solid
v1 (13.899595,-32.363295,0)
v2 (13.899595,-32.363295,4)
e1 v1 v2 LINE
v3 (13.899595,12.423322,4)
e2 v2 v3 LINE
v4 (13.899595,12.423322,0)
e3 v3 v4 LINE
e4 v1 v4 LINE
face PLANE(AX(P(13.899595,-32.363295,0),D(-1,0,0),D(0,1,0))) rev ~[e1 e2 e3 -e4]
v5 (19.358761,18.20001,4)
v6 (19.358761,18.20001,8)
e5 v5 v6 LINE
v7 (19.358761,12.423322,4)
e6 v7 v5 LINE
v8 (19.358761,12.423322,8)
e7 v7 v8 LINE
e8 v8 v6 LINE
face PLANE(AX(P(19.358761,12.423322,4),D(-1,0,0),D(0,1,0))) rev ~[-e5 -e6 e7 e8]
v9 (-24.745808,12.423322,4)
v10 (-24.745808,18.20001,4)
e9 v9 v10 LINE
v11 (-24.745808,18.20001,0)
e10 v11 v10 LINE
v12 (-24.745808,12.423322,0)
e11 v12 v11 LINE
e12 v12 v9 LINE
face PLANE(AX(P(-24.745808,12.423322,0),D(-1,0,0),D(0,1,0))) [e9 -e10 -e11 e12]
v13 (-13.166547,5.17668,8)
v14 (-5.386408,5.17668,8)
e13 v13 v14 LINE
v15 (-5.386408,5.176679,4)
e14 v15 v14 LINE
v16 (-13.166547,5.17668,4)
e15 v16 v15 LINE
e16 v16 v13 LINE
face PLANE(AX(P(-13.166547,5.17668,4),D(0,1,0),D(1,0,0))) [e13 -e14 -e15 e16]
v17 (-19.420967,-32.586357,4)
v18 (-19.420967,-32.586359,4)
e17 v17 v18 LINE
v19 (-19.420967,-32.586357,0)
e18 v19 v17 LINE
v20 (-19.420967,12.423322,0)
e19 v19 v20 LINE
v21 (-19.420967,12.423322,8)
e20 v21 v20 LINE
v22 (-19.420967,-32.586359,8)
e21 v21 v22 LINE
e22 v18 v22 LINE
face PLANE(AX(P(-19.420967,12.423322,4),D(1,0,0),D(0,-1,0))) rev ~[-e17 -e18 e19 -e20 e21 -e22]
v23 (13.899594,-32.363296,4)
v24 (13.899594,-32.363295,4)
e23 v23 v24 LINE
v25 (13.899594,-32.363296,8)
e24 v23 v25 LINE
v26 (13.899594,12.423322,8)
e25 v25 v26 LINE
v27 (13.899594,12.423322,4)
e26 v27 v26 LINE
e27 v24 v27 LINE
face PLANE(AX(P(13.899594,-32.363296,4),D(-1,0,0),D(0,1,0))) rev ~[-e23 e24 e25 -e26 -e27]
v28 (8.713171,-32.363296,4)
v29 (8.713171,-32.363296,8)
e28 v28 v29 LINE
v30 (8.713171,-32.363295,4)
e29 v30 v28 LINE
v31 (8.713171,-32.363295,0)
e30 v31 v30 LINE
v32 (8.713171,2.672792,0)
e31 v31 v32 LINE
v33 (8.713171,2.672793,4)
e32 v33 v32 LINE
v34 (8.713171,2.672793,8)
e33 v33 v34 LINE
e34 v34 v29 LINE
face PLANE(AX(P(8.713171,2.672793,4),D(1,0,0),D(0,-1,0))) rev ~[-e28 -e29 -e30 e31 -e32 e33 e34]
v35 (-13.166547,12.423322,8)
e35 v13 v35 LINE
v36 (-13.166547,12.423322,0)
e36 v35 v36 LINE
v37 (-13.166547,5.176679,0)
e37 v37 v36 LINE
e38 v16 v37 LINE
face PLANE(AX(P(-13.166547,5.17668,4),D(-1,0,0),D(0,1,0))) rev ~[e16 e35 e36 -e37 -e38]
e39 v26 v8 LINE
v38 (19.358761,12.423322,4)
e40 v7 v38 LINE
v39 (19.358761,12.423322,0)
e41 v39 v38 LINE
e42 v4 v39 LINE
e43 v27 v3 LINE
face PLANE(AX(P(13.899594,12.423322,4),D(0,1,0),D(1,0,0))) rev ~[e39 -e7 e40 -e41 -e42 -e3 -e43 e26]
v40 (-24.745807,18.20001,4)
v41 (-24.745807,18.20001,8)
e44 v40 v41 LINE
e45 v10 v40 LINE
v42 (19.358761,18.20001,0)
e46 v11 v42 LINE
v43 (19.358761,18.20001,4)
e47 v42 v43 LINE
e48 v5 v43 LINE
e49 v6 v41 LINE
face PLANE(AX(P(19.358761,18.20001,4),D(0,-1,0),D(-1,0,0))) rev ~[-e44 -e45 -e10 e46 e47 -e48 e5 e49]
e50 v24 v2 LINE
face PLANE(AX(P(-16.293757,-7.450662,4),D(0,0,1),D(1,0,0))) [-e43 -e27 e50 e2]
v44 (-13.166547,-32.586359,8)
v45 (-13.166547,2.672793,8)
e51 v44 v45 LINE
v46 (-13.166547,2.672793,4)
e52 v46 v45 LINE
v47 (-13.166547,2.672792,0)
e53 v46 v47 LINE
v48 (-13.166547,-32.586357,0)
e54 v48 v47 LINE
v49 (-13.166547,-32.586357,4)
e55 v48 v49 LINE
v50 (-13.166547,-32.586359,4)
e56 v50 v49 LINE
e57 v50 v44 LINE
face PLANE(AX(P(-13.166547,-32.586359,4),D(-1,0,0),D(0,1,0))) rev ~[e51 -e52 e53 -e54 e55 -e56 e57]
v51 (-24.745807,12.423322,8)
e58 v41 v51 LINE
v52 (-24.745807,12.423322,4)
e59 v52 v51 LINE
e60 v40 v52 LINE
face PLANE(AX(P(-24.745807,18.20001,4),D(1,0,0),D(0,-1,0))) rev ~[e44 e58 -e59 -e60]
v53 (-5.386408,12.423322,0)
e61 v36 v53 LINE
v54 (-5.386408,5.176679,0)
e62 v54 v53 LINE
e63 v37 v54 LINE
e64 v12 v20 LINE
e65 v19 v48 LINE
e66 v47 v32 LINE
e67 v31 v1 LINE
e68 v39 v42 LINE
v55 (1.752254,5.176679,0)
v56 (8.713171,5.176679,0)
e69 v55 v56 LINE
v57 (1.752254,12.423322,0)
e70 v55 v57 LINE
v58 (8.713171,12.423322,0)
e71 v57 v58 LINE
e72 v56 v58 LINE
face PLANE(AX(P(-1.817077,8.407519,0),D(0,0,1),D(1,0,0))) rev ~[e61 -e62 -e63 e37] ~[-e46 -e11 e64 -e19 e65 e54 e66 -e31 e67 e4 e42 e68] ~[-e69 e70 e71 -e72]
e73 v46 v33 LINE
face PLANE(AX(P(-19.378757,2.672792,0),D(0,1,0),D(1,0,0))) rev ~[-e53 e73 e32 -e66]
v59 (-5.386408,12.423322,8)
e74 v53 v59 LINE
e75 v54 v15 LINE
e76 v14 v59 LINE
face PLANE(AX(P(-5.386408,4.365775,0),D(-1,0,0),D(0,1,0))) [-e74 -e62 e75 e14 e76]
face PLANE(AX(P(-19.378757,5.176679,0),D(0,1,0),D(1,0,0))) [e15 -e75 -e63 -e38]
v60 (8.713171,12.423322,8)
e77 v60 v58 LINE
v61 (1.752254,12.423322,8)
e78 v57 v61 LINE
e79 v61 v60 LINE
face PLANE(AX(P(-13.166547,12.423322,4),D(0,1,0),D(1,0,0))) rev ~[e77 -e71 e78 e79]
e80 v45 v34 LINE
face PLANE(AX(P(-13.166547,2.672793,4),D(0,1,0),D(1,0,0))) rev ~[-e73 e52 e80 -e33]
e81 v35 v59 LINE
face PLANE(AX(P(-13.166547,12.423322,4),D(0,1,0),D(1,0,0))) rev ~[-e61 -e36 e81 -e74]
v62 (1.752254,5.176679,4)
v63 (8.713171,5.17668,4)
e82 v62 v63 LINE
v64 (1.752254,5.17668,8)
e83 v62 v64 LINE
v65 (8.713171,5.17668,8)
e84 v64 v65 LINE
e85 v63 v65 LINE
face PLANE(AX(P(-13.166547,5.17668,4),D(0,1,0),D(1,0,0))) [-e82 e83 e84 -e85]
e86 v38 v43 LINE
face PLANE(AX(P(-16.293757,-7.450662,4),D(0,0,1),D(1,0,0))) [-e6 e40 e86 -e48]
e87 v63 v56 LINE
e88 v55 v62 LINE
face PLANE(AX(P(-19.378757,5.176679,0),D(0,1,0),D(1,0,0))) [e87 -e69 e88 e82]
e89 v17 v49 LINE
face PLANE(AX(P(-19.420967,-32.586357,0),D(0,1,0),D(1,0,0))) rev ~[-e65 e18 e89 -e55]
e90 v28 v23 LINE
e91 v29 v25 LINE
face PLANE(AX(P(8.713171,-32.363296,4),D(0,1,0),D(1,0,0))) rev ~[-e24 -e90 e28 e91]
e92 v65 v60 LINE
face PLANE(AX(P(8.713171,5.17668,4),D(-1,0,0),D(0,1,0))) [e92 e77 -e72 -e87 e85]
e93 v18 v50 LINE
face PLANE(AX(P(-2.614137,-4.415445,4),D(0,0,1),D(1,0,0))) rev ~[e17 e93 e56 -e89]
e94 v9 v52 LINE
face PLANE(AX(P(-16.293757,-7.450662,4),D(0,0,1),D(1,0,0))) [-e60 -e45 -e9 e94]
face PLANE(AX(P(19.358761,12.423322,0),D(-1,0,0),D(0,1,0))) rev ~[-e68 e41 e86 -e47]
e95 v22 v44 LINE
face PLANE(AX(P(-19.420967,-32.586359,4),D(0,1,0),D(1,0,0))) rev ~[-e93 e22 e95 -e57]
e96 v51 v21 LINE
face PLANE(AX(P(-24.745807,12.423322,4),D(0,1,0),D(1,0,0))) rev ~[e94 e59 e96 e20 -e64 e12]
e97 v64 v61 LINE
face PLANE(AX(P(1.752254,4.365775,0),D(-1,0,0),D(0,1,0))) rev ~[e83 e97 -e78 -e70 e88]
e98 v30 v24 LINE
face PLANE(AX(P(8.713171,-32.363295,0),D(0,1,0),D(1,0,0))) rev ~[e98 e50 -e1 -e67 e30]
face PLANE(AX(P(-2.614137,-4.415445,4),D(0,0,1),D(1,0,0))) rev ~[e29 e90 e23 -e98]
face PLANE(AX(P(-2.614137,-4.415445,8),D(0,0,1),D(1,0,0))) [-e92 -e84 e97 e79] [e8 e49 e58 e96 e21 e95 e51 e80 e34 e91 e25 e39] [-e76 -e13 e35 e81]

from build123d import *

# Parameters (mm, degrees)
F0_W      = 5.186424
F0_H      = 49.789705
F1_DEPTH  = 4
F2_W      = 44.104569
F2_H      = 5.776688
F3_DEPTH  = 4
F4_W      = 6.25442
F4_H      = 50.271391
F5_DEPTH  = 4
F6_W      = 33.229899
F6_H      = 2.503887
F7_DEPTH  = 4
F7_FACE_W = 21.879718
F7_FACE_H = 7.246642
F8_DEPTH  = 4
F9_W      = 7.138662
F9_H      = 8.083487
F10_DEPTH = 8


with BuildPart() as f1:
    # F0 (on Top) → F1 (new body)
    with BuildSketch(Plane.XY):
        with Locations((11.306383, -7.468443)):
            Rectangle(F0_W, F0_H)
    extrude(amount=F1_DEPTH)

    # F2 (on Top) → F3 (join)
    with BuildSketch(Plane.XY):
        with Locations((-2.693523, 15.311666)):
            Rectangle(F2_W, F2_H)
    extrude(amount=F3_DEPTH)

    # F4 (on Top) → F5 (join)
    with BuildSketch(Plane.XY):
        with Locations((-16.293757, -7.450662)):
            Rectangle(F4_W, F4_H)
    extrude(amount=F5_DEPTH)

    # F6 (on Top) → F7 (join)
    with BuildSketch(Plane.XY):
        with Locations((-2.763808, 3.924736)):
            Rectangle(F6_W, F6_H)
    extrude(amount=F7_DEPTH)

    # F7_face (on face) → F8 (join)
    with BuildSketch(Plane(origin=(-3.362843, -1.260453, 4), x_dir=(1, 0, 0), z_dir=(0, 0, 1))):
        Polygon((-9.803704, -31.325906), (-9.803704, 3.933246), (12.076014, 3.933246), (12.076014, -31.102843), (17.262437, -31.102843), (17.262437, 13.683775), (22.721604, 13.683775), (22.721604, 19.460463), (-21.382964, 19.460463), (-21.382964, 13.683775), (-16.058124, 13.683775), (-16.058124, -31.325906), align=None)
        with Locations((1.136155, 10.060454)):
            Rectangle(F7_FACE_W, F7_FACE_H, mode=Mode.SUBTRACT)
    extrude(amount=F8_DEPTH)

    # F9 (on Top) → F10 (join)
    with BuildSketch(Plane.XY):
        with Locations((-1.817077, 8.407519)):
            Rectangle(F9_W, F9_H)
    extrude(amount=F10_DEPTH)


solid = f1.part
